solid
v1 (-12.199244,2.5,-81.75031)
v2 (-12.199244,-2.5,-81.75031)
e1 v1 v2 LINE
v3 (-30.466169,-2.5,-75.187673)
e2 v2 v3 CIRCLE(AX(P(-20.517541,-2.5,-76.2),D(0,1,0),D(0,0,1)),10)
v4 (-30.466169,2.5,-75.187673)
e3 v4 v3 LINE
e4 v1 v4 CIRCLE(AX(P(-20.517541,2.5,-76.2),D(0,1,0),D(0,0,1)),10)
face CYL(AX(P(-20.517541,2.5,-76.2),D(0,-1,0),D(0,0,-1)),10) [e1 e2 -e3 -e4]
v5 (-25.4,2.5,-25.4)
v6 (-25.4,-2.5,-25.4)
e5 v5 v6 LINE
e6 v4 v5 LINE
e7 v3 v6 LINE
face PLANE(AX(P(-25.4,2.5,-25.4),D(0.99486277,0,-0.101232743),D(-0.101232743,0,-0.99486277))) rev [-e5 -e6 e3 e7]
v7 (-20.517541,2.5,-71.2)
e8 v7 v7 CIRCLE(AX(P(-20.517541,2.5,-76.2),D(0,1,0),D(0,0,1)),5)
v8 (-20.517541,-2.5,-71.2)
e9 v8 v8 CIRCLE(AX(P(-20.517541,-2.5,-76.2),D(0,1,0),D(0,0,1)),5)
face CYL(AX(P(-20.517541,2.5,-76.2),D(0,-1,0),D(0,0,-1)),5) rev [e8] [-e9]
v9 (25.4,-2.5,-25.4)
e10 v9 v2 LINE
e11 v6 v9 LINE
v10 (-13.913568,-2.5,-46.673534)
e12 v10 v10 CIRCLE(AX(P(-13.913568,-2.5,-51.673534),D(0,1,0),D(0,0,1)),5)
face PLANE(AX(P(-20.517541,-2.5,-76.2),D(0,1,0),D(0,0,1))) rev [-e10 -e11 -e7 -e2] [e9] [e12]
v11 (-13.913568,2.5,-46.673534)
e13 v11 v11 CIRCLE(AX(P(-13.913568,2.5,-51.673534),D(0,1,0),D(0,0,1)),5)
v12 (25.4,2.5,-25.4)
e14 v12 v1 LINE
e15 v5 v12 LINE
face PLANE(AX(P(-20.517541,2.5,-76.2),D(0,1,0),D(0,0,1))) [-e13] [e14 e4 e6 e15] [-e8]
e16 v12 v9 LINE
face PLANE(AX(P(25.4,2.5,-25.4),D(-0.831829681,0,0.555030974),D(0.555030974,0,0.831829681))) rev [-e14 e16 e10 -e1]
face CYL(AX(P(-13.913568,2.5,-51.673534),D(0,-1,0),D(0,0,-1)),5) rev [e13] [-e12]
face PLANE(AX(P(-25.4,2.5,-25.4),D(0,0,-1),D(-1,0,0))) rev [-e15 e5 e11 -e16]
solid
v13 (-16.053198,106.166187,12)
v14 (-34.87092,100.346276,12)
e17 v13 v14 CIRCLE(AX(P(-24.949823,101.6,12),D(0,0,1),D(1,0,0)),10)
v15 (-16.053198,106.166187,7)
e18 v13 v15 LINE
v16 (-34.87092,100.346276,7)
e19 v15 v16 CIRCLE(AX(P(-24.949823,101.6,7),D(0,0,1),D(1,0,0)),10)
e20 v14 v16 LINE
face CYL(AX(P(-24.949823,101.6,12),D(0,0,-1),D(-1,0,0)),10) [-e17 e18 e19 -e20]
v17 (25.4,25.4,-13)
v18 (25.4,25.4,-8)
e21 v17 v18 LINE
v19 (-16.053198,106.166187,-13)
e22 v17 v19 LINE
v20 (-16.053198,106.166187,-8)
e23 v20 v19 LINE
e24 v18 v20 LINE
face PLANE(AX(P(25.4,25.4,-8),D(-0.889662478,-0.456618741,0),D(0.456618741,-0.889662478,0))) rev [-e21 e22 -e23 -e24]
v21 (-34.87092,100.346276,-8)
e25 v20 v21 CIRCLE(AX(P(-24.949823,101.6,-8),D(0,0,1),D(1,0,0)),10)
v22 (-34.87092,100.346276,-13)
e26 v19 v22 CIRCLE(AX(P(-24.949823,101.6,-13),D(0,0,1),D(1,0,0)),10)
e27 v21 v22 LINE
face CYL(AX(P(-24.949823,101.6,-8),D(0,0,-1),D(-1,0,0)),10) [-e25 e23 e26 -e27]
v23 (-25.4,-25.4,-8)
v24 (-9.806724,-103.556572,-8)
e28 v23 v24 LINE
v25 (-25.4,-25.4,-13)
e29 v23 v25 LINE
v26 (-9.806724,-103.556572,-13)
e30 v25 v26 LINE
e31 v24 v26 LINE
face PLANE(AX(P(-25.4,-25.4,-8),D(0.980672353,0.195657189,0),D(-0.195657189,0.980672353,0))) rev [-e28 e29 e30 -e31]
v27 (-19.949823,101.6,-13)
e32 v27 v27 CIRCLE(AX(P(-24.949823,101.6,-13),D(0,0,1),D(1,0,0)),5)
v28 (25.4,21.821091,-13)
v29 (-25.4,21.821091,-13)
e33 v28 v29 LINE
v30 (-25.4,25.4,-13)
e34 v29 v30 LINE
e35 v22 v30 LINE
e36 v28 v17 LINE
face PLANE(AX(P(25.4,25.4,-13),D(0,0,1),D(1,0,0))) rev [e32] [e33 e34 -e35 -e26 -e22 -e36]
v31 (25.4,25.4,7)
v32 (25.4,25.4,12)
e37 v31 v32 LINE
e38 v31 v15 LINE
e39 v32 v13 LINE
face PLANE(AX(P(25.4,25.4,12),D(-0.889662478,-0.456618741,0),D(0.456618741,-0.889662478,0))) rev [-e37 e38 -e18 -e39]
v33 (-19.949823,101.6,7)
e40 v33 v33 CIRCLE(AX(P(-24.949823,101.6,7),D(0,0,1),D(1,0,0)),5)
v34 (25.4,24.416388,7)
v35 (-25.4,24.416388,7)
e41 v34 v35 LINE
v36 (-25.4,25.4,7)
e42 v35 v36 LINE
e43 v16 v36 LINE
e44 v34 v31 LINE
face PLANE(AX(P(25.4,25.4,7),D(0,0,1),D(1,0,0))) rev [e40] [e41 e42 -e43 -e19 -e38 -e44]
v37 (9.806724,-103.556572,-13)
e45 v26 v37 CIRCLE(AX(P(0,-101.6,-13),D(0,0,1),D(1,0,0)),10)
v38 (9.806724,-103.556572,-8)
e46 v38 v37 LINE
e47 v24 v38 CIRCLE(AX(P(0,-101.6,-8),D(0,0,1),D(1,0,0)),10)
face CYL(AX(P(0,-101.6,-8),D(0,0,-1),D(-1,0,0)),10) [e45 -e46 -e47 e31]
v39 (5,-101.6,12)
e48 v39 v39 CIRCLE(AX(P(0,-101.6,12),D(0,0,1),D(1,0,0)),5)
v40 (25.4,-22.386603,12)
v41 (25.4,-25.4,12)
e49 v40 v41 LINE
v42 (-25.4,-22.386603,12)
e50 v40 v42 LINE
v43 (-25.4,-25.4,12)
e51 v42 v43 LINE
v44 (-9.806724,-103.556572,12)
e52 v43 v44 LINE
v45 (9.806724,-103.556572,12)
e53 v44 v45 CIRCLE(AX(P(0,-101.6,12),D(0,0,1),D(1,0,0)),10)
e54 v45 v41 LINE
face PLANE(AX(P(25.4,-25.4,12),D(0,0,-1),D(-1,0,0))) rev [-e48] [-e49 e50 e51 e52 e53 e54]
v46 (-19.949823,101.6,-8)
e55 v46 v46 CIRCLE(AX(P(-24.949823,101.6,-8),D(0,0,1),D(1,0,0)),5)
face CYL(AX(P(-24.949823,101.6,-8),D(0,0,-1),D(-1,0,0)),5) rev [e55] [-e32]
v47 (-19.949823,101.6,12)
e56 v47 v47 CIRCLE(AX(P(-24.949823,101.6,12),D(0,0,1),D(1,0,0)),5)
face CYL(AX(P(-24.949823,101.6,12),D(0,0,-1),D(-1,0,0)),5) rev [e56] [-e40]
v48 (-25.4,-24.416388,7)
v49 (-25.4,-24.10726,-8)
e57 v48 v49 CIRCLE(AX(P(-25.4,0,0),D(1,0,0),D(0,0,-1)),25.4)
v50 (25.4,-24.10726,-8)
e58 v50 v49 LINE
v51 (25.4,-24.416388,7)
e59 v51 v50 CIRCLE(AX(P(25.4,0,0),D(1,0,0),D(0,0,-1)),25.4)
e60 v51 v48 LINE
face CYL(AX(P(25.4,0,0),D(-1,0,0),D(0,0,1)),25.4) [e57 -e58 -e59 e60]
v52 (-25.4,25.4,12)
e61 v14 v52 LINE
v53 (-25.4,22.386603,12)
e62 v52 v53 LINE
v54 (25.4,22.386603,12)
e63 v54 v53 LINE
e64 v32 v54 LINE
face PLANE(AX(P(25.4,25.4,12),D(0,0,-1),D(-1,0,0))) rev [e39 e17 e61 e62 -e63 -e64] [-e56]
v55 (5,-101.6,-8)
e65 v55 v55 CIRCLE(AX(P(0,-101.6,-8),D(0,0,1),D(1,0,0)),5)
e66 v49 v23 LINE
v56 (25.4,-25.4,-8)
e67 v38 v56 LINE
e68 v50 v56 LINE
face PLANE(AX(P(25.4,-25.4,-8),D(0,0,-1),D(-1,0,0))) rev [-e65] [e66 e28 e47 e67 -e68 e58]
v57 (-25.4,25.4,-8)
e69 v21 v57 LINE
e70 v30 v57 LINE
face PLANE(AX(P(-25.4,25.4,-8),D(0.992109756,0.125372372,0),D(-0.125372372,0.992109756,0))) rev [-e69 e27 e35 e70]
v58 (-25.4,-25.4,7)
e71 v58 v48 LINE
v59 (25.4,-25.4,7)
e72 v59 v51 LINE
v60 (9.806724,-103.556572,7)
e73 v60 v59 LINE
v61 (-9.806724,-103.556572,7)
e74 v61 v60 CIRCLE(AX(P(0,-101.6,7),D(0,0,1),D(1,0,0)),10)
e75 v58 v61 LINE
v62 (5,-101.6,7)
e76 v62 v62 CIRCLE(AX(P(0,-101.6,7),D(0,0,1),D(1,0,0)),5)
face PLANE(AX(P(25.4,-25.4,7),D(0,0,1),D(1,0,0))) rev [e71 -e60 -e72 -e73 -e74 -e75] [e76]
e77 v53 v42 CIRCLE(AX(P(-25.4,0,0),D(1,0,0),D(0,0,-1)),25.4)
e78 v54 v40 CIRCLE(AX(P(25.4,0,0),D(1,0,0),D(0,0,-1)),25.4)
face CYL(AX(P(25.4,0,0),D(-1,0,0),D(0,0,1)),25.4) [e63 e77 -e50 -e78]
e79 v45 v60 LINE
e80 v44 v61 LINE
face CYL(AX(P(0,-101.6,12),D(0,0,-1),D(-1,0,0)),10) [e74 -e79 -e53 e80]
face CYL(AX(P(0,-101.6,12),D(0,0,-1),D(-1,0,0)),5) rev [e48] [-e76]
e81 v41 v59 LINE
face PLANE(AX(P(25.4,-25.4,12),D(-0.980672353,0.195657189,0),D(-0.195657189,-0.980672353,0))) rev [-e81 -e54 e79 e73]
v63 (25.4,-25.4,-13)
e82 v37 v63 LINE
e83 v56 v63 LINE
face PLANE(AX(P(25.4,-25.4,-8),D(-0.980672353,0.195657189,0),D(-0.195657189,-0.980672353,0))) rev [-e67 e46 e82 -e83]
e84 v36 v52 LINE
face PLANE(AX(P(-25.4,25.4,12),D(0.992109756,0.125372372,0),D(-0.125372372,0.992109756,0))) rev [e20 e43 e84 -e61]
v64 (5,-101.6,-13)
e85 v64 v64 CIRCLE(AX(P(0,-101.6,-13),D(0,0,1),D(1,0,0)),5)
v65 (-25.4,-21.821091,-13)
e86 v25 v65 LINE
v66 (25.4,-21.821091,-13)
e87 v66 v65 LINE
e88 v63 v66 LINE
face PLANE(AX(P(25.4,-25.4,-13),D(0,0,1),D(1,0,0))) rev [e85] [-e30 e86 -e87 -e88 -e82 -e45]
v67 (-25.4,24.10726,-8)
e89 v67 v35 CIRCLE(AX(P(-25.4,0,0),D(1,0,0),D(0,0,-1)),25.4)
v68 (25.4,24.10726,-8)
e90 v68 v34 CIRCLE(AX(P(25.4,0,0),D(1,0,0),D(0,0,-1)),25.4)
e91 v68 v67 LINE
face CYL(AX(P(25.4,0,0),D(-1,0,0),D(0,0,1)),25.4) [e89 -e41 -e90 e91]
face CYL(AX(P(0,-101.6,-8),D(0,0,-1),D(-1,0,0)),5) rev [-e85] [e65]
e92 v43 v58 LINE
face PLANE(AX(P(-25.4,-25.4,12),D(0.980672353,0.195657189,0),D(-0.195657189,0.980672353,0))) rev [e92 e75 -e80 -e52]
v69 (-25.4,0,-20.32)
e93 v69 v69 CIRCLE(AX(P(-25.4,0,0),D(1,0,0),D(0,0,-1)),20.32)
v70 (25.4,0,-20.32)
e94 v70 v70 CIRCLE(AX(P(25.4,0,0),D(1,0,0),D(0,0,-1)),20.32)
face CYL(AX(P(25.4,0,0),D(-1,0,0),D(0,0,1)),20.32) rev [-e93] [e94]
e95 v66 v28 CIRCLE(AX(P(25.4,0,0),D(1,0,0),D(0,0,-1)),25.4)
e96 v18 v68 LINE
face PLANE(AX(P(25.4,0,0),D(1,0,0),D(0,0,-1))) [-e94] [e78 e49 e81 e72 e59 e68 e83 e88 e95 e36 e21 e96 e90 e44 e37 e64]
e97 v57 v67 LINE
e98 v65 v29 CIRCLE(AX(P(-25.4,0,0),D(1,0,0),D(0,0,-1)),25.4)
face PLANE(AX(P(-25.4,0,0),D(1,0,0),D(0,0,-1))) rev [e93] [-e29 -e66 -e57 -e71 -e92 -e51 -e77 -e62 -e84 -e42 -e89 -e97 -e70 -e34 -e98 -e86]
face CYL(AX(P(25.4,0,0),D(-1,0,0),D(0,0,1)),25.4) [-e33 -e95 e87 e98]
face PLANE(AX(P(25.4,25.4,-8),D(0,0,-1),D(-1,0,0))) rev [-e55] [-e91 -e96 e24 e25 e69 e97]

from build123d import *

# Parameters (mm, degrees)
SKETCH2_R             = 25.4
SKETCH2_R_2           = 20.32
BOSS_EXTRUDE1_DEPTH   = 25.4
BOSS_EXTRUDE2_START   = 7
SKETCH3_R             = 5
BOSS_EXTRUDE2_DEPTH   = 5
BOSS_EXTRUDE2_2_DEPTH = 5
BOSS_EXTRUDE4_START   = -13
SKETCH3_3_R           = 5
BOSS_EXTRUDE4_DEPTH   = 5
BOSS_EXTRUDE4_2_DEPTH = 5
BOSS_EXTRUDE5_DEPTH   = 25.4
SKETCH6_R             = 5
BOSS_EXTRUDE6_DEPTH   = 2.5


with BuildPart() as part:
    # Sketch2 → Boss-Extrude1 (new, symmetric)
    with BuildSketch(Plane(origin=(0, 0, 0), x_dir=(0, 0, -1), z_dir=(1, 0, 0))):
        Circle(SKETCH2_R)
        Circle(SKETCH2_R_2, mode=Mode.SUBTRACT)
    extrude(amount=BOSS_EXTRUDE1_DEPTH, both=True)



with BuildPart() as body_2:
    # Sketch3 → Boss-Extrude2 (new body)
    with BuildSketch(Plane.XY.offset(BOSS_EXTRUDE2_START)):
        with BuildLine():
            Line((-25.4, 25.4), (-34.870920337, 100.346276275))
            ThreePointArc((-34.870920337, 100.346276275), (-27.904518621, 111.153521469), (-16.053197995, 106.166187415))
            Line((-16.053197995, 106.166187415), (25.4, 25.4))
            Line((25.4, 25.4), (-25.4, 25.4))
        make_face()
        with Locations((-24.949822775, 101.6)):
            Circle(SKETCH3_R, mode=Mode.SUBTRACT)
    extrude(amount=BOSS_EXTRUDE2_DEPTH)


with BuildPart() as body_3:
    # Sketch3 → Boss-Extrude2 2 (new body)
    with BuildSketch(Plane.XY.offset(BOSS_EXTRUDE2_START)):
        with BuildLine():
            Line((-25.4, -25.4), (-9.806723533, -103.556571886))
            ThreePointArc((-9.806723533, -103.556571886), (0, -111.6), (9.806723533, -103.556571886))
            Line((9.806723533, -103.556571886), (25.4, -25.4))
            Line((25.4, -25.4), (-25.4, -25.4))
        make_face()
        with Locations((0, -101.6)):
            Circle(SKETCH3_R, mode=Mode.SUBTRACT)
    extrude(amount=BOSS_EXTRUDE2_2_DEPTH)


with BuildPart() as body_4:
    # Sketch3<3> → Boss-Extrude4 (new body)
    with BuildSketch(Plane.XY.offset(BOSS_EXTRUDE4_START)):
        with BuildLine():
            Line((-25.4, 25.4), (-34.870920337, 100.346276275))
            ThreePointArc((-34.870920337, 100.346276275), (-27.904518621, 111.153521469), (-16.053197995, 106.166187415))
            Line((-16.053197995, 106.166187415), (25.4, 25.4))
            Line((25.4, 25.4), (-25.4, 25.4))
        make_face()
        with Locations((-24.949822775, 101.6)):
            Circle(SKETCH3_3_R, mode=Mode.SUBTRACT)
    extrude(amount=BOSS_EXTRUDE4_DEPTH)


with BuildPart() as body_5:
    # Sketch3<3> → Boss-Extrude4 2 (new body)
    with BuildSketch(Plane.XY.offset(BOSS_EXTRUDE4_START)):
        with BuildLine():
            Line((-25.4, -25.4), (-9.806723533, -103.556571886))
            ThreePointArc((-9.806723533, -103.556571886), (0, -111.6), (9.806723533, -103.556571886))
            Line((9.806723533, -103.556571886), (25.4, -25.4))
            Line((25.4, -25.4), (-25.4, -25.4))
        make_face()
        with Locations((0, -101.6)):
            Circle(SKETCH3_3_R, mode=Mode.SUBTRACT)
    extrude(amount=BOSS_EXTRUDE4_2_DEPTH)


with BuildPart() as part_1:
    add(part.part)

    add(body_2.part)  # Boss-Extrude5 merges body 2

    add(body_3.part)  # Boss-Extrude5 merges body 3

    add(body_4.part)  # Boss-Extrude5 merges body 4

    add(body_5.part)  # Boss-Extrude5 merges body 5
    # Sketch5 → Boss-Extrude5 (add, symmetric)
    with BuildSketch(Plane(origin=(0, 0, 0), x_dir=(0, 0, -1), z_dir=(1, 0, 0))):
        with BuildLine():
            Line((8, -25.4), (13, -25.4))
            Line((13, -25.4), (13, -21.821090715))
            ThreePointArc((13, -21.821090715), (10.562037818, -23.099856215), (8, -24.107260317))
            Line((8, -24.107260317), (8, -25.4))
        make_face()
        with BuildLine():
            Line((-12, -25.4), (-7, -25.4))
            Line((-7, -25.4), (-7, -24.416387939))
            ThreePointArc((-7, -24.416387939), (-9.554057075, -23.534655158), (-12, -22.386603137))
            Line((-12, -22.386603137), (-12, -25.4))
        make_face()
        with BuildLine():
            Line((-12, 25.4), (-7, 25.4))
            Line((-7, 25.4), (-7, 24.416387939))
            ThreePointArc((-7, 24.416387939), (-9.554057075, 23.534655158), (-12, 22.386603137))
            Line((-12, 22.386603137), (-12, 25.4))
        make_face()
        with BuildLine():
            Line((8, 25.4), (13, 25.4))
            Line((13, 25.4), (13, 21.821090715))
            ThreePointArc((13, 21.821090715), (10.562037818, 23.099856215), (8, 24.107260317))
            Line((8, 24.107260317), (8, 25.4))
        make_face()
    extrude(amount=BOSS_EXTRUDE5_DEPTH, both=True)


with BuildPart() as body_2_2:
    # Sketch6 → Boss-Extrude6 (new, symmetric)
    with BuildSketch(Plane(origin=(0, 0, 0), x_dir=(1, 0, 0), z_dir=(0, 1, 0))):
        with BuildLine():
            Line((-25.4, 25.4), (-30.466168735, 75.18767257))
            ThreePointArc((-30.466168735, 75.18767257), (-23.898598023, 85.611081427), (-12.199244226, 81.750309743))
            Line((-12.199244226, 81.750309743), (25.4, 25.4))
            Line((25.4, 25.4), (-25.4, 25.4))
        make_face()
        with Locations((-20.517541032, 76.2)):
            Circle(SKETCH6_R, mode=Mode.SUBTRACT)
        with Locations((-13.913567634, 51.673533981)):
            Circle(SKETCH6_R, mode=Mode.SUBTRACT)
    extrude(amount=BOSS_EXTRUDE6_DEPTH, both=True)


solid = Compound([part_1.part, body_2_2.part])
